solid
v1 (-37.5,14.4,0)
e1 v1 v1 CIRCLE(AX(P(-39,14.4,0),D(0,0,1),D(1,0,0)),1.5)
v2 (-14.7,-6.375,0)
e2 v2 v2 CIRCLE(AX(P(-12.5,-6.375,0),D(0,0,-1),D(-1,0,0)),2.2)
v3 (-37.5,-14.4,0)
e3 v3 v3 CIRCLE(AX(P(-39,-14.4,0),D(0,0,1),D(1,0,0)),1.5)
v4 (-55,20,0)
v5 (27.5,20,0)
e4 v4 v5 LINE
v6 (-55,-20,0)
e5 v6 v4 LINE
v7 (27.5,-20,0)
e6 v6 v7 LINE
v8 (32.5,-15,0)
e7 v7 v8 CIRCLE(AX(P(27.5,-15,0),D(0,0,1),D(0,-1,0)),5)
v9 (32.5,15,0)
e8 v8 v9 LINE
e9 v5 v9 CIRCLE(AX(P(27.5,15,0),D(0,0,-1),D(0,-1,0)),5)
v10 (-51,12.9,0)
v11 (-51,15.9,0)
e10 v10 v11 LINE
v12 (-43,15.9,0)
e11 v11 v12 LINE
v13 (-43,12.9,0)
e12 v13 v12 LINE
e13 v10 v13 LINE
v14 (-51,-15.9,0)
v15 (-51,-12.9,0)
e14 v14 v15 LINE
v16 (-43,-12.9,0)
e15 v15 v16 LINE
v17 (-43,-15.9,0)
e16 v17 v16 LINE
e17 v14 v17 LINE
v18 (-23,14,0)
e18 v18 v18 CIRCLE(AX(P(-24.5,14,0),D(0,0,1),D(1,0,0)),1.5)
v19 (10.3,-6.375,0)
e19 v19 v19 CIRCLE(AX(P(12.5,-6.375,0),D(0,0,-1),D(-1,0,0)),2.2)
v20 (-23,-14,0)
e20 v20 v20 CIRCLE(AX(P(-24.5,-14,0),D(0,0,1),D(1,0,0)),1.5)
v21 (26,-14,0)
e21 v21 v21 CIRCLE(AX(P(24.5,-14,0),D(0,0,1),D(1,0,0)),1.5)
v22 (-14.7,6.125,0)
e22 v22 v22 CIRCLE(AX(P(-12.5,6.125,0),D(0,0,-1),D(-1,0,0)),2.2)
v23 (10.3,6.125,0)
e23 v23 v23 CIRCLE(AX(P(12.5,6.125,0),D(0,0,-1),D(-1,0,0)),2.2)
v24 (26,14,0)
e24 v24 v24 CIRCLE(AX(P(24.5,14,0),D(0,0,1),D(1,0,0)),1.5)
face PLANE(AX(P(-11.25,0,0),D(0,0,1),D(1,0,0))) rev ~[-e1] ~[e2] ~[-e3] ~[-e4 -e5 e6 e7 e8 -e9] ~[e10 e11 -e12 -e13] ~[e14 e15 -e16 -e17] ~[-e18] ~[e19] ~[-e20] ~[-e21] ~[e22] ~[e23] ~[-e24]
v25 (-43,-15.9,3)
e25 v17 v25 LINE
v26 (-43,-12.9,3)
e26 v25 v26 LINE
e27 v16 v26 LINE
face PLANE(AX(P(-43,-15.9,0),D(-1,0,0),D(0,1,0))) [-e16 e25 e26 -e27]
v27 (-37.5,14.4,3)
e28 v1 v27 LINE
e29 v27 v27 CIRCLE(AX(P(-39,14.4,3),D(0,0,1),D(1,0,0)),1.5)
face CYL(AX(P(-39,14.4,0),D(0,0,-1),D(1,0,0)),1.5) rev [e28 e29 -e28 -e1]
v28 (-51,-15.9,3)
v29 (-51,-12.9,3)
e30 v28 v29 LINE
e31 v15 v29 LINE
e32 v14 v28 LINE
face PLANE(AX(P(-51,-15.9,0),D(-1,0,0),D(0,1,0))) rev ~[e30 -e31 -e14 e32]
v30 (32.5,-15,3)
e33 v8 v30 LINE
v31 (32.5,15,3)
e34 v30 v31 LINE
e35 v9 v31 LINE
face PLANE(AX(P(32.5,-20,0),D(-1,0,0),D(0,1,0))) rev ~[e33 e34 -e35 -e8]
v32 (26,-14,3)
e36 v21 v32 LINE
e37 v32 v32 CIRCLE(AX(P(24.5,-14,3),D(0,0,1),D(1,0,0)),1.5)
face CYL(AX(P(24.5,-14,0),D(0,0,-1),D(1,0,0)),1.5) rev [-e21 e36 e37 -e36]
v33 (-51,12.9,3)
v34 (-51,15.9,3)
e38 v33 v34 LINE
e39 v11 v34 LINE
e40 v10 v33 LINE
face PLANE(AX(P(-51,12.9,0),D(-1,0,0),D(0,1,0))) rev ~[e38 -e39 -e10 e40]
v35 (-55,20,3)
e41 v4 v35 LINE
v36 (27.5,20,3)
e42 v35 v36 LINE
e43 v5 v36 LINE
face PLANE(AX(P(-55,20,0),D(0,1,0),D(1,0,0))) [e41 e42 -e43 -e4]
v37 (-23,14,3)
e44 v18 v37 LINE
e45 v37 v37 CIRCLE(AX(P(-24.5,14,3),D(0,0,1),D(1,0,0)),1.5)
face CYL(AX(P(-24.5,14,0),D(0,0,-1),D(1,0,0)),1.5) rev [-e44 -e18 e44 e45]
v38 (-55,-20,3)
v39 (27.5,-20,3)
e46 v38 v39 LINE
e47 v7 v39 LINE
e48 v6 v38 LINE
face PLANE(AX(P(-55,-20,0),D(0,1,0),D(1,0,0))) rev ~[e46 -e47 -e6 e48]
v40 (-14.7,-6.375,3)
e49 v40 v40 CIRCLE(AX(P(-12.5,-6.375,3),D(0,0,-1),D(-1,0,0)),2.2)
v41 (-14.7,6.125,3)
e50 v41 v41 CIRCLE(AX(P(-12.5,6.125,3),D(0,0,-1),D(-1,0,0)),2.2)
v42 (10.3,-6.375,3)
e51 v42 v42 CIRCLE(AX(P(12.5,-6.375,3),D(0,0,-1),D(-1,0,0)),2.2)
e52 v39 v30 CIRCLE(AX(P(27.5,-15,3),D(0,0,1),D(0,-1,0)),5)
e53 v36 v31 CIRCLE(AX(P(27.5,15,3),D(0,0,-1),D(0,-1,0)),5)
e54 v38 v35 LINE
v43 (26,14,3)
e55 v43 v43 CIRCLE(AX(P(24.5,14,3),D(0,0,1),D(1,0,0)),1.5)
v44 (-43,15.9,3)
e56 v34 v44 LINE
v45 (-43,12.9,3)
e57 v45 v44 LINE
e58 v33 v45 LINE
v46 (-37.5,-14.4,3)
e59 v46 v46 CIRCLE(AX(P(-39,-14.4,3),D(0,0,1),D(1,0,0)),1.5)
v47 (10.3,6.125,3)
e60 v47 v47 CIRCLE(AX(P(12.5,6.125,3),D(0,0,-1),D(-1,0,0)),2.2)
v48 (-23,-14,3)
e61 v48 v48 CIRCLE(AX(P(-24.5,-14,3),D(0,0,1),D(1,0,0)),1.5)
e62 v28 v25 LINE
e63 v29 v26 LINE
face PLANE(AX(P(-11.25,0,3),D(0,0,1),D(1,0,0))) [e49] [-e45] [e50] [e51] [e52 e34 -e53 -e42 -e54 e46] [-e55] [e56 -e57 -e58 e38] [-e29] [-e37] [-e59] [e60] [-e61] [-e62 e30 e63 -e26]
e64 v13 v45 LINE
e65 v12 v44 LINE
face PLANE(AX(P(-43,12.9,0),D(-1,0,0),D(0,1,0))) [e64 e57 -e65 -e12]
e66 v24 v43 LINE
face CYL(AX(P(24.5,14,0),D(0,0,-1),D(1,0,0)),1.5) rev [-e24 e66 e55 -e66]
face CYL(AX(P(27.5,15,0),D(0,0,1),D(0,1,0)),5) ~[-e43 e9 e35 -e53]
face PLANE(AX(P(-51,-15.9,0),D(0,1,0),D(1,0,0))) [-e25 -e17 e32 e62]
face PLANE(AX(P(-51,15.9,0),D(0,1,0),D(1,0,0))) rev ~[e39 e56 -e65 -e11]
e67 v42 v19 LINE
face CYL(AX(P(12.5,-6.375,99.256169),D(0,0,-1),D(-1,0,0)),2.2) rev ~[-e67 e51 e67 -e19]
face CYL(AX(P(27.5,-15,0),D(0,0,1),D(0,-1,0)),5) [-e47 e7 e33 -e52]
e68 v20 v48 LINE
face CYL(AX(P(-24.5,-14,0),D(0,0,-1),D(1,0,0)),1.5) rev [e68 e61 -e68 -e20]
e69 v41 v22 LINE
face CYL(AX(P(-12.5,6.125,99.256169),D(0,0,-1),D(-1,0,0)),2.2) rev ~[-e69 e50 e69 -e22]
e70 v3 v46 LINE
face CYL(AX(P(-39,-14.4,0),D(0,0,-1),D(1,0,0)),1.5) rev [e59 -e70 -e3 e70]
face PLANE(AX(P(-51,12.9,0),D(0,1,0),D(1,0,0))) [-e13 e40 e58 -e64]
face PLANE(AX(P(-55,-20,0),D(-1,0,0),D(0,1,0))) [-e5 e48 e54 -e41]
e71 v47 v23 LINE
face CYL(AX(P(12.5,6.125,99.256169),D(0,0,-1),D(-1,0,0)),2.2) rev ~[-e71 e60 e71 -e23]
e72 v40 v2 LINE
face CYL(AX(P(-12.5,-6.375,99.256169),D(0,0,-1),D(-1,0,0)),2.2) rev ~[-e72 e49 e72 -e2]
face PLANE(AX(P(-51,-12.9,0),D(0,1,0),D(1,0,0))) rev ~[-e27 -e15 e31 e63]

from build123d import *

# Parameters (mm, degrees)
F1_W     = 87.5
F1_H     = 40
F1_W_2   = 8
F1_H_2   = 3
F1_R     = 1.5
F2_DEPTH = 3
F4_D     = 4.4
F5_R     = 5


with BuildPart() as f2:
    # F1 (on Top) → F2 (new body)
    with BuildSketch(Plane.XY):
        with Locations((-11.25, 0)):
            Rectangle(F1_W, F1_H)
        with Locations((-47, -14.4)):
            Rectangle(F1_W_2, F1_H_2, mode=Mode.SUBTRACT)
        with Locations((-39, -14.4)):
            Circle(F1_R, mode=Mode.SUBTRACT)
        with Locations((-24.5, -14)):
            Circle(F1_R, mode=Mode.SUBTRACT)
        with Locations((24.5, -14)):
            Circle(F1_R, mode=Mode.SUBTRACT)
        with Locations((-47, 14.4)):
            Rectangle(F1_W_2, F1_H_2, mode=Mode.SUBTRACT)
        with Locations((-39, 14.4)):
            Circle(F1_R, mode=Mode.SUBTRACT)
        with Locations((-24.5, 14)):
            Circle(F1_R, mode=Mode.SUBTRACT)
        with Locations((24.5, 14)):
            Circle(F1_R, mode=Mode.SUBTRACT)
    extrude(amount=F2_DEPTH)

    # F4 (through all)
    with Locations(Plane.XY.offset(3)):
        with Locations((-12.5, 6.125), (-12.5, -6.375), (12.5, 6.125), (12.5, -6.375)):
            Hole(F4_D / 2)

    # F5
    f5_edges = [f2.edges().sort_by_distance(p)[0] for p in [
        (32.5, 20, 1.5),
        (32.5, -20, 1.5),
    ]]
    fillet(f5_edges, radius=F5_R)


solid = f2.part
